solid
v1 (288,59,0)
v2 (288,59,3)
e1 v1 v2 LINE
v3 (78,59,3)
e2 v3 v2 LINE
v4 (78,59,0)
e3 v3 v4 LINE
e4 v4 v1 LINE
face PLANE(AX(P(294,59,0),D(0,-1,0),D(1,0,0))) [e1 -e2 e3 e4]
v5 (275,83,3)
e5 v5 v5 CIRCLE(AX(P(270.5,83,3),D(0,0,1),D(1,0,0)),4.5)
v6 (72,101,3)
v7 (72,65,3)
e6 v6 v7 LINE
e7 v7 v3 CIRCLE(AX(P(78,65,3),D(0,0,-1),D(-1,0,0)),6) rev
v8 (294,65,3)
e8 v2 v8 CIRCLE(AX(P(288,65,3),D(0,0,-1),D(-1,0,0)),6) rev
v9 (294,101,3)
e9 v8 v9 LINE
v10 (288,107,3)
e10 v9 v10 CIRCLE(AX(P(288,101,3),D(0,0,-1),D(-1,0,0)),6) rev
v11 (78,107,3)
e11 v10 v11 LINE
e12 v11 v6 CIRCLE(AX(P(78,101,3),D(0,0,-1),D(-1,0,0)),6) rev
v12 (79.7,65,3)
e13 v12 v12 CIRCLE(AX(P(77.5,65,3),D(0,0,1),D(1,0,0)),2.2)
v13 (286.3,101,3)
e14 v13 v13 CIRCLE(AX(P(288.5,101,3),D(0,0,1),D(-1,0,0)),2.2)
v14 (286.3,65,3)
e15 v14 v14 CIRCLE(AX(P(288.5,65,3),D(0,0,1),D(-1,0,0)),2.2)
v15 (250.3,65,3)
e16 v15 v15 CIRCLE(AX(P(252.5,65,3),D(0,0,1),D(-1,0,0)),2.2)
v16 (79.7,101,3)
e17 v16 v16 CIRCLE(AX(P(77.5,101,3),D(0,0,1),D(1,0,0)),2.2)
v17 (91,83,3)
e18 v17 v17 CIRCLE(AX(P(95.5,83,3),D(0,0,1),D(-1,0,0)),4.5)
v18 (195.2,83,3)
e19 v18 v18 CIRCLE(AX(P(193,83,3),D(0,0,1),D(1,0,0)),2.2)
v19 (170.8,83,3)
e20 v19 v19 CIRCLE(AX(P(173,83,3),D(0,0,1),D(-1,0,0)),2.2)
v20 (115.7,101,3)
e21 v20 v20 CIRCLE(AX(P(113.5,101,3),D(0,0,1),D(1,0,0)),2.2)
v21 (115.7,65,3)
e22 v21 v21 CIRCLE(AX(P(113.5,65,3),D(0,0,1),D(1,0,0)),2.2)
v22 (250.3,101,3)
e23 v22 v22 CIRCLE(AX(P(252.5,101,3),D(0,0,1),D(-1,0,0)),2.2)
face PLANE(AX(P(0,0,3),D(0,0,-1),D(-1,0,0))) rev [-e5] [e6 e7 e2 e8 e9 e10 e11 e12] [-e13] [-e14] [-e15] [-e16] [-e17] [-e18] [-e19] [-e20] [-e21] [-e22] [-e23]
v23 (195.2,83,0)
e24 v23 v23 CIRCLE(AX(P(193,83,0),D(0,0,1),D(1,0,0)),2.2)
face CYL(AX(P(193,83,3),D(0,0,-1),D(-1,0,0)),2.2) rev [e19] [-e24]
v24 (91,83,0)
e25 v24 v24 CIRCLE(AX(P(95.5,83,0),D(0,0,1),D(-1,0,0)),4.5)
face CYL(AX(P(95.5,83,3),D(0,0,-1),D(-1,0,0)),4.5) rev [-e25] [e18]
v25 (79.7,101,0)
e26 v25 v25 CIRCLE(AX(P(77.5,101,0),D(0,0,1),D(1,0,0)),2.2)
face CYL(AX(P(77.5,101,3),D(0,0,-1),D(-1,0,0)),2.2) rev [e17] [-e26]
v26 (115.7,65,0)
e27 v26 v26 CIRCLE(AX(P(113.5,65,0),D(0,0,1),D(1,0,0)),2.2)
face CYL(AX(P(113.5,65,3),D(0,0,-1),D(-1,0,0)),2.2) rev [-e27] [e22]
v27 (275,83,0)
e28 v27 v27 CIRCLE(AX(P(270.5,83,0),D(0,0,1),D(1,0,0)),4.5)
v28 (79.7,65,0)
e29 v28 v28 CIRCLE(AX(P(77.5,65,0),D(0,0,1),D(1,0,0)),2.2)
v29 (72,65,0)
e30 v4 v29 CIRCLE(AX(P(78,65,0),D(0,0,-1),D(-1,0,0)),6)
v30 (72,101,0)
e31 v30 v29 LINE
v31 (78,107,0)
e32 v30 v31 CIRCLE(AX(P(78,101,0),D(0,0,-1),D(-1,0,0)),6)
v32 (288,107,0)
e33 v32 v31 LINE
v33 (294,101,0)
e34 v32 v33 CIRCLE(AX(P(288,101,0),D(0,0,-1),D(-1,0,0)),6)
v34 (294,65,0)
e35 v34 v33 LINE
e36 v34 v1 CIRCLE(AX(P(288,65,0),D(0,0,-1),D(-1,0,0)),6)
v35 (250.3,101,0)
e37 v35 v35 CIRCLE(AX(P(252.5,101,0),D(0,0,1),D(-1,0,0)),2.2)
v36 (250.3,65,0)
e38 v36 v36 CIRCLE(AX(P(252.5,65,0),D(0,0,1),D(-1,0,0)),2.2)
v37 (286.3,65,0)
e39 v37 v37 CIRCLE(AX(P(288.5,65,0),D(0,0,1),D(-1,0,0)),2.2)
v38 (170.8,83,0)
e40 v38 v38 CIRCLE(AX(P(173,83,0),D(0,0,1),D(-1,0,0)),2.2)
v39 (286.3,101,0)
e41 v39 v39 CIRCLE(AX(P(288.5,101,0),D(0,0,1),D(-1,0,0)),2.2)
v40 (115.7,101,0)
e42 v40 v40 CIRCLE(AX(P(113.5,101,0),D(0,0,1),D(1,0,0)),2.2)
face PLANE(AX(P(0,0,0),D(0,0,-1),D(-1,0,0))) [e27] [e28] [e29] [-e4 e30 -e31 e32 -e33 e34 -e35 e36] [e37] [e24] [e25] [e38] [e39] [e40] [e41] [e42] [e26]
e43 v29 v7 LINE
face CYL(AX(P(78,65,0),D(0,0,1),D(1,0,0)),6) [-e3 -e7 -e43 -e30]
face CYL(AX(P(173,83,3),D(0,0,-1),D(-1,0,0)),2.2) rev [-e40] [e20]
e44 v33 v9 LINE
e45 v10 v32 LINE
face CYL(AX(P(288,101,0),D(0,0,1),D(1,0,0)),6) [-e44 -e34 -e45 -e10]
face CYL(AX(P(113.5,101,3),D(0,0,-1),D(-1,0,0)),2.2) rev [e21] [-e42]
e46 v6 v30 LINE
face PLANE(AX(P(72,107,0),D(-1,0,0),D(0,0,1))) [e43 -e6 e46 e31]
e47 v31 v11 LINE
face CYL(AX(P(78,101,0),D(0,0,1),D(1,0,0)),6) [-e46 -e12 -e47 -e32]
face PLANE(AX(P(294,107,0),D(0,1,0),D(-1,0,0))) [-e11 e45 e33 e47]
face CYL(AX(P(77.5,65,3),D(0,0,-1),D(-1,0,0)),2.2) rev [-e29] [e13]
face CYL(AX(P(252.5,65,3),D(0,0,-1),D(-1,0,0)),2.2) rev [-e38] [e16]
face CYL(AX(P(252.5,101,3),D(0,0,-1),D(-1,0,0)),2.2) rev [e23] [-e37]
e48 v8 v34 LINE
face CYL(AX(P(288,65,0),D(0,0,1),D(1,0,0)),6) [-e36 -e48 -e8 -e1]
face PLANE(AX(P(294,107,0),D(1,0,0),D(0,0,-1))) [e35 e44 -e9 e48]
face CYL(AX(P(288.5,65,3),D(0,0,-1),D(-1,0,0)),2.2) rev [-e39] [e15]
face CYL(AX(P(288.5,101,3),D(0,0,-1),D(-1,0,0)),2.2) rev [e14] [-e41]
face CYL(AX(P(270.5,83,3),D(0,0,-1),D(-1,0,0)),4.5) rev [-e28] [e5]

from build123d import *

# Parameters (mm, degrees)
ESQUISSE1_W             = 366
ESQUISSE1_H             = 166
ESQUISSE1_R             = 2.2
ESQUISSE1_R_2           = 4.5
ESQUISSE1_R_3           = 6.5
BOSS_EXTRU_1_DEPTH      = 3
ESQUISSE2_OUTSIDE_W     = 448.38
ESQUISSE2_OUTSIDE_H     = 248.38
ESQUISSE2_OUTSIDE_W_2   = 222
ESQUISSE2_OUTSIDE_H_2   = 48
ENL_V_MAT_EXTRU_1_DEPTH = 4
CONG_1_R                = 6


with BuildPart() as part:
    # Esquisse1 → Boss.-Extru.1 (new body)
    with BuildSketch(Plane.XY):
        with Locations((183, 83)):
            Rectangle(ESQUISSE1_W, ESQUISSE1_H)
        with Locations((13, 153)):
            Circle(ESQUISSE1_R, mode=Mode.SUBTRACT)
        with Locations((13, 13)):
            Circle(ESQUISSE1_R, mode=Mode.SUBTRACT)
        with Locations((13, 83)):
            Circle(ESQUISSE1_R, mode=Mode.SUBTRACT)
        with Locations((173, 153)):
            Circle(ESQUISSE1_R, mode=Mode.SUBTRACT)
        with Locations((193, 83)):
            Circle(ESQUISSE1_R, mode=Mode.SUBTRACT)
        with Locations((173, 83)):
            Circle(ESQUISSE1_R, mode=Mode.SUBTRACT)
        with Locations((193, 153)):
            Circle(ESQUISSE1_R, mode=Mode.SUBTRACT)
        with Locations((353, 83)):
            Circle(ESQUISSE1_R, mode=Mode.SUBTRACT)
        with Locations((353, 13)):
            Circle(ESQUISSE1_R, mode=Mode.SUBTRACT)
        with Locations((353, 153)):
            Circle(ESQUISSE1_R, mode=Mode.SUBTRACT)
        with Locations((193, 13)):
            Circle(ESQUISSE1_R, mode=Mode.SUBTRACT)
        with Locations((173, 13)):
            Circle(ESQUISSE1_R, mode=Mode.SUBTRACT)
        with Locations((270.5, 83)):
            Circle(ESQUISSE1_R_2, mode=Mode.SUBTRACT)
        with Locations((95.5, 83)):
            Circle(ESQUISSE1_R_2, mode=Mode.SUBTRACT)
        with Locations((77.5, 101)):
            Circle(ESQUISSE1_R, mode=Mode.SUBTRACT)
        with Locations((113.5, 101)):
            Circle(ESQUISSE1_R, mode=Mode.SUBTRACT)
        with Locations((77.5, 65)):
            Circle(ESQUISSE1_R, mode=Mode.SUBTRACT)
        with Locations((113.5, 65)):
            Circle(ESQUISSE1_R, mode=Mode.SUBTRACT)
        with Locations((288.5, 65)):
            Circle(ESQUISSE1_R, mode=Mode.SUBTRACT)
        with Locations((252.5, 65)):
            Circle(ESQUISSE1_R, mode=Mode.SUBTRACT)
        with Locations((252.5, 101)):
            Circle(ESQUISSE1_R, mode=Mode.SUBTRACT)
        with Locations((288.5, 101)):
            Circle(ESQUISSE1_R, mode=Mode.SUBTRACT)
        with Locations((37, 49)):
            Circle(ESQUISSE1_R_3, mode=Mode.SUBTRACT)
        with Locations((61, 49)):
            Circle(ESQUISSE1_R_3, mode=Mode.SUBTRACT)
        with Locations((85, 49)):
            Circle(ESQUISSE1_R, mode=Mode.SUBTRACT)
        with Locations((13, 49)):
            Circle(ESQUISSE1_R, mode=Mode.SUBTRACT)
    extrude(amount=BOSS_EXTRU_1_DEPTH)

    # Esquisse2 outside → Enlèv. mat.-Extru.1 (cut, through all)
    with BuildSketch(Plane.XY.offset(3)):
        with Locations((183, 83)):
            Rectangle(ESQUISSE2_OUTSIDE_W, ESQUISSE2_OUTSIDE_H)
        with Locations((183, 83)):
            Rectangle(ESQUISSE2_OUTSIDE_W_2, ESQUISSE2_OUTSIDE_H_2, mode=Mode.SUBTRACT)
    extrude(amount=-ENL_V_MAT_EXTRU_1_DEPTH, mode=Mode.SUBTRACT)

    # Congé1
    cong_1_edges = [part.edges().sort_by_distance(p)[0] for p in [
        (72, 107, 1.5),
        (294, 107, 1.5),
        (294, 59, 1.5),
        (72, 59, 1.5),
    ]]
    fillet(cong_1_edges, radius=CONG_1_R)


solid = part.part
